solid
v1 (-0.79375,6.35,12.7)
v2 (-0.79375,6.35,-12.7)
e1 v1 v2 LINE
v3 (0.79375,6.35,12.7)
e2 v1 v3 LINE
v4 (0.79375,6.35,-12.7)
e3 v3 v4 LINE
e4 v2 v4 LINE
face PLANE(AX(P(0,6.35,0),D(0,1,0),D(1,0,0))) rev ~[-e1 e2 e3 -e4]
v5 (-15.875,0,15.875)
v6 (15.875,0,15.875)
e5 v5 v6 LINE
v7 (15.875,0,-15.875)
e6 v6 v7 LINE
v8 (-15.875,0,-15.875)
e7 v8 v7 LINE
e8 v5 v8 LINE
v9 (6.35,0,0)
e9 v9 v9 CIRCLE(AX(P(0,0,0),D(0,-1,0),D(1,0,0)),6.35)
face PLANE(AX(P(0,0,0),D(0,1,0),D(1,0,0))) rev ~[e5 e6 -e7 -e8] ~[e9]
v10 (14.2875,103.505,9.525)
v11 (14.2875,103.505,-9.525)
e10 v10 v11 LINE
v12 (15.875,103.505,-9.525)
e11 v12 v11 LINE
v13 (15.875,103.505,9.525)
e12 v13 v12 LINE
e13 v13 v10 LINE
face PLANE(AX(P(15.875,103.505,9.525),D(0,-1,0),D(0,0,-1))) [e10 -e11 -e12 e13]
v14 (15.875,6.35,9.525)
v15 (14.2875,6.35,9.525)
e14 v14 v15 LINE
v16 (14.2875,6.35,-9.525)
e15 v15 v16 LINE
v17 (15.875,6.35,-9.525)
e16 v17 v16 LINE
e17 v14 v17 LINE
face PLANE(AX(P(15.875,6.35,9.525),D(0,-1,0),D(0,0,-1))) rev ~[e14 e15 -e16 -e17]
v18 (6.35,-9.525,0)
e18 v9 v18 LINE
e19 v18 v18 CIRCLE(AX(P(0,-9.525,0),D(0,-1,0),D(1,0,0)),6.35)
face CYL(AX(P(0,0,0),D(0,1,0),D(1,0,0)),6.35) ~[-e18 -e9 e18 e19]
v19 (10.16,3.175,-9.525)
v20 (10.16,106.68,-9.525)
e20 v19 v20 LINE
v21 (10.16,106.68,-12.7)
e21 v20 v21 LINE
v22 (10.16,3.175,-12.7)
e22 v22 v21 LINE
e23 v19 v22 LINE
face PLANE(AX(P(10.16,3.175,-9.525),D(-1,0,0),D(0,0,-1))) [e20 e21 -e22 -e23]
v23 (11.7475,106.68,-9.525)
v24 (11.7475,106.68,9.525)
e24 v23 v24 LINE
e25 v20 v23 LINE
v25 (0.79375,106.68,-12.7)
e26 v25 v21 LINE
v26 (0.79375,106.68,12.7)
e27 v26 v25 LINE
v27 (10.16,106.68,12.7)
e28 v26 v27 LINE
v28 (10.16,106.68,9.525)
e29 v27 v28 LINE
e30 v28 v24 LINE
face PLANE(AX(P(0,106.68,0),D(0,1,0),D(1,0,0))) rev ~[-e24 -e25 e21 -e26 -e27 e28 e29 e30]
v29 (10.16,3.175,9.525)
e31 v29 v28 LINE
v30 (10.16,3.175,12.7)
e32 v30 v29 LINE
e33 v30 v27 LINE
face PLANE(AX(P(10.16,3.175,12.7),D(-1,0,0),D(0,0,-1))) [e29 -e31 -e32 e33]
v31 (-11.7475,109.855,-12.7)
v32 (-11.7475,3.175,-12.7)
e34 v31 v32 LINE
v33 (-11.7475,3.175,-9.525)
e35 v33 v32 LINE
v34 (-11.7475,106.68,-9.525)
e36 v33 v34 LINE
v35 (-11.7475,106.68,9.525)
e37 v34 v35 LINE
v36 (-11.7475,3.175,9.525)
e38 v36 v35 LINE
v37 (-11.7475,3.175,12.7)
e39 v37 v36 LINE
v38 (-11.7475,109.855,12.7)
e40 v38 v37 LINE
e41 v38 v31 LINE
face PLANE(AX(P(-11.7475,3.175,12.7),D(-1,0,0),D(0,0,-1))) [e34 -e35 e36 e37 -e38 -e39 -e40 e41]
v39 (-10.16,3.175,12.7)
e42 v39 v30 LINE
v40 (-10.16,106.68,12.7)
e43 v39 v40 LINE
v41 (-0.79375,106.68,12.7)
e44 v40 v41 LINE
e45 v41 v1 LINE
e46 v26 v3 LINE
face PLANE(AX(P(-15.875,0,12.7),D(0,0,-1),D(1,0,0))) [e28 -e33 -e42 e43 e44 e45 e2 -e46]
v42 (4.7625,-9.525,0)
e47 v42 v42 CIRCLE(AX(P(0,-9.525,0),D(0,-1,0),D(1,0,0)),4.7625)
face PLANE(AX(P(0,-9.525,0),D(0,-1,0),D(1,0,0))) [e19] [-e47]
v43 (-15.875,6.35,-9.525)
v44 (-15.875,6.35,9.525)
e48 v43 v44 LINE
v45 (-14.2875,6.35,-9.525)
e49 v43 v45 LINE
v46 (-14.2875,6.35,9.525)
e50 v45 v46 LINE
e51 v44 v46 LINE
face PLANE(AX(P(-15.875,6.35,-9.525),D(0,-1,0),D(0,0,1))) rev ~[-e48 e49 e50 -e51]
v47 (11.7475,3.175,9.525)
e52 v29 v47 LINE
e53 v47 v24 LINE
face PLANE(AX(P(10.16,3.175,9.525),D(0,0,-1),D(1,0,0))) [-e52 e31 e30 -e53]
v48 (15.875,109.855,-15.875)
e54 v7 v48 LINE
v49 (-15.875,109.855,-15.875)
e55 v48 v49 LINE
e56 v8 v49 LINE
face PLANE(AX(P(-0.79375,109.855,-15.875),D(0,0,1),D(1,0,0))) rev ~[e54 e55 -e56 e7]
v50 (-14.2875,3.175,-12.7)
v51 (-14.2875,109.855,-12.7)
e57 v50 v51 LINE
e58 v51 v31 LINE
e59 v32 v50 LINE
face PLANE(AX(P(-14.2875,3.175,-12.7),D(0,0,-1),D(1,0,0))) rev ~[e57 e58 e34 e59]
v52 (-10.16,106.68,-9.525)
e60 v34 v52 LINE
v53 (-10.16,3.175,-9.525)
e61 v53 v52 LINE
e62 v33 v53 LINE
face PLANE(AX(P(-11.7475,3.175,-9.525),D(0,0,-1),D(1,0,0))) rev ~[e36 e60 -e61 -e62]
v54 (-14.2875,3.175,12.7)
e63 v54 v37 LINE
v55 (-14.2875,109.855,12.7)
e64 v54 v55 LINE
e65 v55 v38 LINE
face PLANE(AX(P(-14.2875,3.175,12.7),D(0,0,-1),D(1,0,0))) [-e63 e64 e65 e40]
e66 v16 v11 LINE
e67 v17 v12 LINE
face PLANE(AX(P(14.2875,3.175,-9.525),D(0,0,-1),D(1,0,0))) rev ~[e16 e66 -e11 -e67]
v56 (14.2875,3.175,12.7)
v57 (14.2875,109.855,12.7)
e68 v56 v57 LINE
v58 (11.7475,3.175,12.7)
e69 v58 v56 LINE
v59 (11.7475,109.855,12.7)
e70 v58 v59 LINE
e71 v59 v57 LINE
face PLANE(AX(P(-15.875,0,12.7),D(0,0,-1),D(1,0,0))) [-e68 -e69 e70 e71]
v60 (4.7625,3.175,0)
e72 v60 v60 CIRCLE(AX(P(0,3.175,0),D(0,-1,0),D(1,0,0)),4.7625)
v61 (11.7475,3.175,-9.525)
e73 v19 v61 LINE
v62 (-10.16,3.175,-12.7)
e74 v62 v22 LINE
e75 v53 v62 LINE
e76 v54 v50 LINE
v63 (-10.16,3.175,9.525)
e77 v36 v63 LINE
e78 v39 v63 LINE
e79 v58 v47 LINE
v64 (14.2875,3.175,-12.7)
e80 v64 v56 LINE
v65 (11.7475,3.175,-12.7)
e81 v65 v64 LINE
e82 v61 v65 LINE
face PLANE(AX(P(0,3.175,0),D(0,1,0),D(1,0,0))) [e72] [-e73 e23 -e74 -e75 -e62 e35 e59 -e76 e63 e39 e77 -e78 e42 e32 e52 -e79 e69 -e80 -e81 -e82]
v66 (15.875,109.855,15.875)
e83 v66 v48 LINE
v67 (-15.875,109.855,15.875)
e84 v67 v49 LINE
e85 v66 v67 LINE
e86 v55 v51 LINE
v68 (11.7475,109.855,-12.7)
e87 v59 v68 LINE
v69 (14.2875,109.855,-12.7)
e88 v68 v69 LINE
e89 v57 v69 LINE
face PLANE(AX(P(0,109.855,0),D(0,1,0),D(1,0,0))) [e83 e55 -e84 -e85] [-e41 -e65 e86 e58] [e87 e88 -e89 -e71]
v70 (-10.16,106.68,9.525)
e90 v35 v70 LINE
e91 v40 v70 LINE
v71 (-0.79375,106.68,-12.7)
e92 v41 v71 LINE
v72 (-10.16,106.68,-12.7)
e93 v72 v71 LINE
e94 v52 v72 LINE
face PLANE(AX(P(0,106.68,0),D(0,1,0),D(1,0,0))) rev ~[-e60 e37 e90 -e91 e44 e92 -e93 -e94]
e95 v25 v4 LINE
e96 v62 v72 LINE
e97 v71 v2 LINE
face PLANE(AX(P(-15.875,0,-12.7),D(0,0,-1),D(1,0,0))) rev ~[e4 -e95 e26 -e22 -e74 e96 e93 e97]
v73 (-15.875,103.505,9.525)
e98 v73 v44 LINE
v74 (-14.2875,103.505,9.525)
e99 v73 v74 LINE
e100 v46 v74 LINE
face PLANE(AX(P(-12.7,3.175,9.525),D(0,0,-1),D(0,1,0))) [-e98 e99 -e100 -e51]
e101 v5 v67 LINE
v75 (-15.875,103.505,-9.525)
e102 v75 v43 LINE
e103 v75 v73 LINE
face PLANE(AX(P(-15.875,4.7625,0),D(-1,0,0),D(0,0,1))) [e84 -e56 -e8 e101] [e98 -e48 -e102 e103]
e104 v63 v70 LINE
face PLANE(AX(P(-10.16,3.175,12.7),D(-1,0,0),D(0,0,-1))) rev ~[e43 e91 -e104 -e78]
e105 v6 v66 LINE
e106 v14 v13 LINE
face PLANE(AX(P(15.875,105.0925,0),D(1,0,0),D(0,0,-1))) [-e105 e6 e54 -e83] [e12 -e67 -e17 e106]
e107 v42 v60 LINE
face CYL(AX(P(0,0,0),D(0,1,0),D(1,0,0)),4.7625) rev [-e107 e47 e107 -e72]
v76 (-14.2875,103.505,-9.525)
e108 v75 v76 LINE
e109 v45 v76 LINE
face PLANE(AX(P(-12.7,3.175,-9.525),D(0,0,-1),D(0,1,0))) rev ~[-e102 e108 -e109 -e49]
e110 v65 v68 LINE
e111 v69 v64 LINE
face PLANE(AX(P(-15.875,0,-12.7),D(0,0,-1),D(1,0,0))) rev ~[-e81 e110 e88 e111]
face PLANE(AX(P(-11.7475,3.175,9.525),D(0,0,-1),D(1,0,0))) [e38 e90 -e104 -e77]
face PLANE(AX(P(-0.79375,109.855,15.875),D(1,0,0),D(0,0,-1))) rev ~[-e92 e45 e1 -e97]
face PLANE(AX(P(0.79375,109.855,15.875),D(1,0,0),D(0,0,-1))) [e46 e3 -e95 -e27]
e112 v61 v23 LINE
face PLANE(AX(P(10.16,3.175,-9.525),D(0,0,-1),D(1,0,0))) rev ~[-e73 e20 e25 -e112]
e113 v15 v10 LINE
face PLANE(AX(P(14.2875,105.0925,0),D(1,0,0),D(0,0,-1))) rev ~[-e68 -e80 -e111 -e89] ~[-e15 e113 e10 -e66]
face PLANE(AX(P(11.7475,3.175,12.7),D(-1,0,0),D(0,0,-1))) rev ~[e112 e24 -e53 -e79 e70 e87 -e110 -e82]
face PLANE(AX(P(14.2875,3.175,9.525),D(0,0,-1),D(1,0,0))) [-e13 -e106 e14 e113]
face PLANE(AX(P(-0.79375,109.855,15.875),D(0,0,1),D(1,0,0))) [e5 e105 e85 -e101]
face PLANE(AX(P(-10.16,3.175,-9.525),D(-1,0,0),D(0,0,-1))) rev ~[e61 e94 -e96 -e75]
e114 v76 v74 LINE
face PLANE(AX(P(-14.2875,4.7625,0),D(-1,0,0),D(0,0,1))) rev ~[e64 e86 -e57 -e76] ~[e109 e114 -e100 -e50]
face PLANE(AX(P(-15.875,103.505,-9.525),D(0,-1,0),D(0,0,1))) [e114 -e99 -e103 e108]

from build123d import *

# Parameters (mm, degrees)
SKETCH1_W           = 31.75
SKETCH1_H           = 31.75
BOSS_EXTRUDE1_DEPTH = 109.855
SHELL1_T            = -3.175
SKETCH2_R           = 4.7625
CUT_EXTRUDE1_DEPTH  = 3.175
SKETCH4_W           = 1.5875
SKETCH4_H           = 3.175
BOSS_EXTRUDE4_DEPTH = 103.505
SKETCH6_W           = 19.05
SKETCH6_H           = 103.505
CUT_EXTRUDE3_DEPTH  = 114.3
SKETCH5_W           = 2.54
SKETCH5_H           = 25.4
CUT_EXTRUDE2_DEPTH  = 106.68
SKETCH8_W           = 19.05
SKETCH8_H           = 3.175
BOSS_EXTRUDE5_DEPTH = 1.5875
SKETCH10_W          = 19.05
SKETCH10_H          = 3.175
BOSS_EXTRUDE7_DEPTH = 1.5875
SKETCH11_W          = 1.5875
SKETCH11_H          = 31.75
BOSS_EXTRUDE8_DEPTH = 103.505
SKETCH13_R          = 6.35
SKETCH13_R_2        = 4.7625
BOSS_EXTRUDE9_DEPTH = 9.525


with BuildPart() as part:
    # Sketch1 → Boss-Extrude1 (new body)
    with BuildSketch(Plane(origin=(0, 0, 0), x_dir=(1, 0, 0), z_dir=(0, 1, 0))):
        Rectangle(SKETCH1_W, SKETCH1_H)
    extrude(amount=BOSS_EXTRUDE1_DEPTH)

    # Shell1
    shell1_openings = [part.faces().sort_by_distance(p)[0] for p in [
        (15.875, 54.9275, 0),
    ]]
    offset(amount=SHELL1_T, openings=shell1_openings, kind=Kind.INTERSECTION)

    # Sketch2 → Cut-Extrude1 (cut)
    with BuildSketch(Plane.XZ):
        Circle(SKETCH2_R)
    extrude(amount=-CUT_EXTRUDE1_DEPTH, mode=Mode.SUBTRACT)

    # Sketch4 → Boss-Extrude4 (add)
    with BuildSketch(Plane(origin=(0, 3.175, 0), x_dir=(1, 0, 0), z_dir=(0, 1, 0))):
        with Locations((15.08125, -11.1125)):
            Rectangle(SKETCH4_W, SKETCH4_H)
        with Locations((15.08125, 11.1125)):
            Rectangle(SKETCH4_W, SKETCH4_H)
        with Locations((10.95375, -11.1125)):
            Rectangle(SKETCH4_W, SKETCH4_H)
        with Locations((10.95375, 11.1125)):
            Rectangle(SKETCH4_W, SKETCH4_H)
        with Locations((-10.95375, 11.1125)):
            Rectangle(SKETCH4_W, SKETCH4_H)
        with Locations((-15.08125, 11.1125)):
            Rectangle(SKETCH4_W, SKETCH4_H)
        with Locations((-15.08125, -11.1125)):
            Rectangle(SKETCH4_W, SKETCH4_H)
        with Locations((-10.95375, -11.1125)):
            Rectangle(SKETCH4_W, SKETCH4_H)
    extrude(amount=BOSS_EXTRUDE4_DEPTH)

    # Sketch6 → Cut-Extrude3 (cut)
    with BuildSketch(Plane(origin=(-12.7, 0, 0), x_dir=(0, 0, -1), z_dir=(1, 0, 0))):
        with Locations((0, 54.9275)):
            Rectangle(SKETCH6_W, SKETCH6_H)
    extrude(amount=-CUT_EXTRUDE3_DEPTH, mode=Mode.SUBTRACT)

    # Sketch5 → Cut-Extrude2 (cut)
    with BuildSketch(Plane(origin=(0, 3.175, 0), x_dir=(1, 0, 0), z_dir=(0, 1, 0))):
        with Locations((13.0175, 0)):
            Rectangle(SKETCH5_W, SKETCH5_H)
        with Locations((-13.0175, 0)):
            Rectangle(SKETCH5_W, SKETCH5_H)
    extrude(amount=CUT_EXTRUDE2_DEPTH, mode=Mode.SUBTRACT)

    # Sketch8 → Boss-Extrude5 (add)
    with BuildSketch(Plane(origin=(15.875, 0, 0), x_dir=(0, 0, -1), z_dir=(1, 0, 0))):
        with Locations((0, 105.0925)):
            Rectangle(SKETCH8_W, SKETCH8_H)
        with Locations((0, 4.7625)):
            Rectangle(SKETCH8_W, SKETCH8_H)
    extrude(amount=-BOSS_EXTRUDE5_DEPTH)

    # Sketch10 → Boss-Extrude7 (add)
    with BuildSketch(Plane.ZY.offset(15.875)):
        with Locations((0, 4.7625)):
            Rectangle(SKETCH10_W, SKETCH10_H)
        with Locations((0, 105.0925)):
            Rectangle(SKETCH10_W, SKETCH10_H)
    extrude(amount=-BOSS_EXTRUDE7_DEPTH)

    # Sketch11 → Boss-Extrude8 (add)
    with BuildSketch(Plane(origin=(0, 109.855, 0), x_dir=(1, 0, 0), z_dir=(0, 1, 0))):
        Rectangle(SKETCH11_W, SKETCH11_H)
    extrude(amount=-BOSS_EXTRUDE8_DEPTH)

    # Sketch13 → Boss-Extrude9 (add)
    with BuildSketch(Plane.XZ):
        Circle(SKETCH13_R)
        Circle(SKETCH13_R_2, mode=Mode.SUBTRACT)
    extrude(amount=BOSS_EXTRUDE9_DEPTH)


solid = part.part
